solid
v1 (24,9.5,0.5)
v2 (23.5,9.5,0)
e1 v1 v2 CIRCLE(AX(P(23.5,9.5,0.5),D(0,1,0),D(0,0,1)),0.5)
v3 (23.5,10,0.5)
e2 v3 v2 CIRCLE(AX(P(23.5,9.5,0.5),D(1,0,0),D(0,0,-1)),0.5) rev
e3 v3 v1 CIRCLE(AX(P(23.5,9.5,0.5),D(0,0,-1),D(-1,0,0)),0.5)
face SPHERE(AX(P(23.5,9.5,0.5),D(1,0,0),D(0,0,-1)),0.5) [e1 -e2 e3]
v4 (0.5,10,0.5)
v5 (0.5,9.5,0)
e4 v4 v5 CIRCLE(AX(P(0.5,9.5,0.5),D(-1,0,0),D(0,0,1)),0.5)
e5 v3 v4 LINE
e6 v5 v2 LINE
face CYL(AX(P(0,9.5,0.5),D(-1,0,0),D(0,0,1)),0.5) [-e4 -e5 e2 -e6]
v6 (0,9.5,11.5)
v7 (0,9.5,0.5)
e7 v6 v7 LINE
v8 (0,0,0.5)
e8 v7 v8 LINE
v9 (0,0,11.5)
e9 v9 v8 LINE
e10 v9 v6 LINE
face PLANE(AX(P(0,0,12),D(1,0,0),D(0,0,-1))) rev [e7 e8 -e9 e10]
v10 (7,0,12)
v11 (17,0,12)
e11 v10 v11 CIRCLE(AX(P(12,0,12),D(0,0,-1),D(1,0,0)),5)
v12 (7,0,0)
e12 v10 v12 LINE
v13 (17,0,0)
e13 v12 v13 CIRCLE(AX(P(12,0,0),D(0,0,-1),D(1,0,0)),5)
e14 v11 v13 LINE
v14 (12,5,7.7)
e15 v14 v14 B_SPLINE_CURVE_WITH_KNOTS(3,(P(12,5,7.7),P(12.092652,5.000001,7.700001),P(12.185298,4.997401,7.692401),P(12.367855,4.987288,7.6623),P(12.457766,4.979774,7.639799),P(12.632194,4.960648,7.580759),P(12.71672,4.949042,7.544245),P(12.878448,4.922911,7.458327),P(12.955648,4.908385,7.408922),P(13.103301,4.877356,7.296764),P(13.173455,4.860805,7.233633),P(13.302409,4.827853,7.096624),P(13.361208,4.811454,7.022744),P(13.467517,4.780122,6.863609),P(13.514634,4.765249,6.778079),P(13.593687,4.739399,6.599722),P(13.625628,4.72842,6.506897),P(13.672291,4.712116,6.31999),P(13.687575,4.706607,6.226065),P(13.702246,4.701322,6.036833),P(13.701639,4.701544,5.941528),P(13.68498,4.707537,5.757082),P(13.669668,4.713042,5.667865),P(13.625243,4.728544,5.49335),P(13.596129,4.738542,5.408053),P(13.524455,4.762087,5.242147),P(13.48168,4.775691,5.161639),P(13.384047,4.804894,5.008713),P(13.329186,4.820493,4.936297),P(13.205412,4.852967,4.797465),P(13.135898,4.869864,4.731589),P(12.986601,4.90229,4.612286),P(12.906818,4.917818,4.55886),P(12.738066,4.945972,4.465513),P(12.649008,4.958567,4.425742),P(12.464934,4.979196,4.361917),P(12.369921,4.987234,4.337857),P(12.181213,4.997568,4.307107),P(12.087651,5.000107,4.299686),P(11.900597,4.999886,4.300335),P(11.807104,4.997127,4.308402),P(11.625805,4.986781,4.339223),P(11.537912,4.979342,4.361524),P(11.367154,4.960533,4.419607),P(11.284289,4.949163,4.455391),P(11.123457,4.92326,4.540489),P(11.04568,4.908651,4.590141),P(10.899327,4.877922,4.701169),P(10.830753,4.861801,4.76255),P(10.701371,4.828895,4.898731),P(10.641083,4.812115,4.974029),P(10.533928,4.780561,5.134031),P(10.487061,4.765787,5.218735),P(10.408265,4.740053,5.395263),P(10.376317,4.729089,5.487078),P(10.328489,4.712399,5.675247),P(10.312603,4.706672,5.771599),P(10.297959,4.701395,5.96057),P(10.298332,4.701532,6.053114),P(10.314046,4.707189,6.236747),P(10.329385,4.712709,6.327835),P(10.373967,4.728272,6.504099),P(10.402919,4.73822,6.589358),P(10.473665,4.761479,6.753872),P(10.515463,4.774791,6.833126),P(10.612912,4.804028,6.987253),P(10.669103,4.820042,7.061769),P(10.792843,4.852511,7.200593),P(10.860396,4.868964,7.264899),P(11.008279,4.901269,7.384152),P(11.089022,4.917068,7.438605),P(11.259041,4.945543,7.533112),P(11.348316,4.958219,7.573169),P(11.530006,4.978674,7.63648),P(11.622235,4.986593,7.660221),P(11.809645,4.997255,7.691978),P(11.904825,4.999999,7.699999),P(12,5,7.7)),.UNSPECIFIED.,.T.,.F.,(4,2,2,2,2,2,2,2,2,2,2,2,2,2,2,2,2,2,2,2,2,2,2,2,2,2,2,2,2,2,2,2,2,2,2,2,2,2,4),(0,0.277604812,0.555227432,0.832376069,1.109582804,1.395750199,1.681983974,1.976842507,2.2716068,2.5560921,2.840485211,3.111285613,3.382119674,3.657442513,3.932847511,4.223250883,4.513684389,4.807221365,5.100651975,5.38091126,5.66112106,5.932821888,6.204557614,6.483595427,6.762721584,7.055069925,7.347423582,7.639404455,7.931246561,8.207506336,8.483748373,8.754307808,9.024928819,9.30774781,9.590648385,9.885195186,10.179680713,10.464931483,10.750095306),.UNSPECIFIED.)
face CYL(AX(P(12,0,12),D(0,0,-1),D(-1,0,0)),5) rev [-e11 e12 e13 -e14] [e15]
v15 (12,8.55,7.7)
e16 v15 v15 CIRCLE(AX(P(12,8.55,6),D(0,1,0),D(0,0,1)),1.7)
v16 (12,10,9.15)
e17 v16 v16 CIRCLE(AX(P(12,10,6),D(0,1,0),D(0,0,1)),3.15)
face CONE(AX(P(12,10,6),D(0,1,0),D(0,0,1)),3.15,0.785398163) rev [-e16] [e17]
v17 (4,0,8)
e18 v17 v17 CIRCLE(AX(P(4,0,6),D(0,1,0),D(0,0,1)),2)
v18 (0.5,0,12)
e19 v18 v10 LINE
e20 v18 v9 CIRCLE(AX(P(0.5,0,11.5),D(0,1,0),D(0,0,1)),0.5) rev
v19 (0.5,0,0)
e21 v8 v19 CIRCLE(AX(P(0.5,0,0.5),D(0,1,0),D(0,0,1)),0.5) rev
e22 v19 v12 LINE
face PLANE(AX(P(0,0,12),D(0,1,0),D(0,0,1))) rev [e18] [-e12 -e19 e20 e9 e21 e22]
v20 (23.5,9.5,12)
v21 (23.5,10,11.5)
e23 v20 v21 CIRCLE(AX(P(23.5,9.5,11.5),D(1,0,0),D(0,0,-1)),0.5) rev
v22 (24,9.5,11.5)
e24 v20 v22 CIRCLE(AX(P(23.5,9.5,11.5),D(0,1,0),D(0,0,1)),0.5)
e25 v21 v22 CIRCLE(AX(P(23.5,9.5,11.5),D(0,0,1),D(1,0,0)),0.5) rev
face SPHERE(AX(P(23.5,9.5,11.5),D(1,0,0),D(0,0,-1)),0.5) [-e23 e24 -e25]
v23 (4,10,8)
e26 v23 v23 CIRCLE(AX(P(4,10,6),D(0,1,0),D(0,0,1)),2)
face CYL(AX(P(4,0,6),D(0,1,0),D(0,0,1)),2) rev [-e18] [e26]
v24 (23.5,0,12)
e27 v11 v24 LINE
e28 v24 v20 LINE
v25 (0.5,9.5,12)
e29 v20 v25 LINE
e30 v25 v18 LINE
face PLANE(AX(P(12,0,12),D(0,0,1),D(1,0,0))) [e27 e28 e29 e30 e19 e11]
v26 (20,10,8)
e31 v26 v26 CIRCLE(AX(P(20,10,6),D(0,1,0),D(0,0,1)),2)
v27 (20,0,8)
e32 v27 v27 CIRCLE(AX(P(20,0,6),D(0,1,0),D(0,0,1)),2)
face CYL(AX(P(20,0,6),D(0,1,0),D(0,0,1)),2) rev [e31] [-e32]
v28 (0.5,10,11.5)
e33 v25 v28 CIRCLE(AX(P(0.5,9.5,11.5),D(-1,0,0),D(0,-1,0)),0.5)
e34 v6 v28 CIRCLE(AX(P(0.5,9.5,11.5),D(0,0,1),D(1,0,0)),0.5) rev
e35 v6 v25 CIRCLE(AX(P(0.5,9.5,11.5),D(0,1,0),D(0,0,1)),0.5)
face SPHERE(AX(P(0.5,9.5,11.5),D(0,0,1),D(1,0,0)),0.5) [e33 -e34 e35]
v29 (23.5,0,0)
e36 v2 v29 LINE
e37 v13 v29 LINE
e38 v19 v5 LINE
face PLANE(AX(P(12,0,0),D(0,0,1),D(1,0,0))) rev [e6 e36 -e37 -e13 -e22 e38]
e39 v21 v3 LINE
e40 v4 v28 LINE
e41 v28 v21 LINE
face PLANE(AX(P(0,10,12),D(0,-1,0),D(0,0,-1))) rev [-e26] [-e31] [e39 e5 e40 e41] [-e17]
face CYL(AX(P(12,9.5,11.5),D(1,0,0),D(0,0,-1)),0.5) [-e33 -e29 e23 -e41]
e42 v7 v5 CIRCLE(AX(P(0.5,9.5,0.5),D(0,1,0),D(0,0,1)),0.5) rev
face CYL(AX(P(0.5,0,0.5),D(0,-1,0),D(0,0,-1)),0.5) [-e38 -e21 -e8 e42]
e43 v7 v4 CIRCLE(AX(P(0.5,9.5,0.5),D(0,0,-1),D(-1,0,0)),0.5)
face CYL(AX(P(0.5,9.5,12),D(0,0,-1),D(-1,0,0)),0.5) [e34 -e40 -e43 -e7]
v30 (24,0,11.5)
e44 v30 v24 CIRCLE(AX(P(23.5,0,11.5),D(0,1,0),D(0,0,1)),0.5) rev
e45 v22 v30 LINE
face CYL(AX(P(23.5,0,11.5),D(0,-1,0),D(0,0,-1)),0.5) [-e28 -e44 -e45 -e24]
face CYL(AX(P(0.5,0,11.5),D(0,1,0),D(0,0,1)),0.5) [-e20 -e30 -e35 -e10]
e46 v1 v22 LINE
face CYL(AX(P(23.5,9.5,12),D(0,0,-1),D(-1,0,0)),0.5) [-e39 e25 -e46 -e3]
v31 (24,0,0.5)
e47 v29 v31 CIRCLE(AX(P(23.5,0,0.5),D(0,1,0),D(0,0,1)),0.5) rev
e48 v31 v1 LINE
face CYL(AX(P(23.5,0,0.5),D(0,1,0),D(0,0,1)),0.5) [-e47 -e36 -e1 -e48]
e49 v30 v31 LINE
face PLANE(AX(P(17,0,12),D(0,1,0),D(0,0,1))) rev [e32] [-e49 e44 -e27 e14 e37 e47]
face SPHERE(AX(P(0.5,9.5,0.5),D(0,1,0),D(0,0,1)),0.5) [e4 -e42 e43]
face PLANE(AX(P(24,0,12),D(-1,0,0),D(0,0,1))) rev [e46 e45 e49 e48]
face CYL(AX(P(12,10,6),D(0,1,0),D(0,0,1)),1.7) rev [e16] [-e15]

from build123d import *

# Parameters (mm, degrees)
BOSS_EXTRUDE1_DEPTH                             = 12
SKETCH2_R                                       = 2
CUT_EXTRUDE1_DEPTH                              = 29.635642127
CSK_FOR_M3_FLAT_HEAD_MACHINE_SCREW1_D           = 3.4
CSK_FOR_M3_FLAT_HEAD_MACHINE_SCREW1_CSINK_D     = 6.3
CSK_FOR_M3_FLAT_HEAD_MACHINE_SCREW1_CSINK_ANGLE = 90
FILLET1_R                                       = 0.5


with BuildPart() as part:
    # Sketch1 → Boss-Extrude1 (new body)
    with BuildSketch(Plane.XY):
        with BuildLine():
            Line((17, 0), (24, 0))
            Line((24, 0), (24, 10))
            Line((24, 10), (0, 10))
            Line((0, 10), (0, 0))
            Line((0, 0), (7, 0))
            ThreePointArc((7, 0), (12, 5), (17, 0))
        make_face()
    extrude(amount=BOSS_EXTRUDE1_DEPTH)

    # Sketch2 → Cut-Extrude1 (cut, through all)
    with BuildSketch(Plane(origin=(0, 10, 0), x_dir=(1, 0, 0), z_dir=(0, 1, 0))):
        with Locations(Location((4, -6, 0), (0, 0, 270))):
            Circle(SKETCH2_R)
        with Locations(Location((20, -6, 0), (0, 0, 270))):
            Circle(SKETCH2_R)
    extrude(amount=-CUT_EXTRUDE1_DEPTH, mode=Mode.SUBTRACT)

    # CSK for M3 Flat Head Machine Screw1 (through all)
    with Locations(Plane(origin=(0, 10, 0), x_dir=(1, 0, 0), z_dir=(0, 1, 0))):
        with Locations((12, -6)):
            CounterSinkHole(CSK_FOR_M3_FLAT_HEAD_MACHINE_SCREW1_D / 2, CSK_FOR_M3_FLAT_HEAD_MACHINE_SCREW1_CSINK_D / 2, counter_sink_angle=CSK_FOR_M3_FLAT_HEAD_MACHINE_SCREW1_CSINK_ANGLE)

    # Fillet1
    fillet1_edges = [part.edges().sort_by_distance(p)[0] for p in [
        (0, 10, 6),
        (24, 10, 6),
        (24, 5, 12),
        (12, 10, 12),
        (0, 5, 12),
        (12, 10, 0),
        (24, 5, 0),
        (0, 5, 0),
    ]]
    fillet(fillet1_edges, radius=FILLET1_R)


solid = part.part
